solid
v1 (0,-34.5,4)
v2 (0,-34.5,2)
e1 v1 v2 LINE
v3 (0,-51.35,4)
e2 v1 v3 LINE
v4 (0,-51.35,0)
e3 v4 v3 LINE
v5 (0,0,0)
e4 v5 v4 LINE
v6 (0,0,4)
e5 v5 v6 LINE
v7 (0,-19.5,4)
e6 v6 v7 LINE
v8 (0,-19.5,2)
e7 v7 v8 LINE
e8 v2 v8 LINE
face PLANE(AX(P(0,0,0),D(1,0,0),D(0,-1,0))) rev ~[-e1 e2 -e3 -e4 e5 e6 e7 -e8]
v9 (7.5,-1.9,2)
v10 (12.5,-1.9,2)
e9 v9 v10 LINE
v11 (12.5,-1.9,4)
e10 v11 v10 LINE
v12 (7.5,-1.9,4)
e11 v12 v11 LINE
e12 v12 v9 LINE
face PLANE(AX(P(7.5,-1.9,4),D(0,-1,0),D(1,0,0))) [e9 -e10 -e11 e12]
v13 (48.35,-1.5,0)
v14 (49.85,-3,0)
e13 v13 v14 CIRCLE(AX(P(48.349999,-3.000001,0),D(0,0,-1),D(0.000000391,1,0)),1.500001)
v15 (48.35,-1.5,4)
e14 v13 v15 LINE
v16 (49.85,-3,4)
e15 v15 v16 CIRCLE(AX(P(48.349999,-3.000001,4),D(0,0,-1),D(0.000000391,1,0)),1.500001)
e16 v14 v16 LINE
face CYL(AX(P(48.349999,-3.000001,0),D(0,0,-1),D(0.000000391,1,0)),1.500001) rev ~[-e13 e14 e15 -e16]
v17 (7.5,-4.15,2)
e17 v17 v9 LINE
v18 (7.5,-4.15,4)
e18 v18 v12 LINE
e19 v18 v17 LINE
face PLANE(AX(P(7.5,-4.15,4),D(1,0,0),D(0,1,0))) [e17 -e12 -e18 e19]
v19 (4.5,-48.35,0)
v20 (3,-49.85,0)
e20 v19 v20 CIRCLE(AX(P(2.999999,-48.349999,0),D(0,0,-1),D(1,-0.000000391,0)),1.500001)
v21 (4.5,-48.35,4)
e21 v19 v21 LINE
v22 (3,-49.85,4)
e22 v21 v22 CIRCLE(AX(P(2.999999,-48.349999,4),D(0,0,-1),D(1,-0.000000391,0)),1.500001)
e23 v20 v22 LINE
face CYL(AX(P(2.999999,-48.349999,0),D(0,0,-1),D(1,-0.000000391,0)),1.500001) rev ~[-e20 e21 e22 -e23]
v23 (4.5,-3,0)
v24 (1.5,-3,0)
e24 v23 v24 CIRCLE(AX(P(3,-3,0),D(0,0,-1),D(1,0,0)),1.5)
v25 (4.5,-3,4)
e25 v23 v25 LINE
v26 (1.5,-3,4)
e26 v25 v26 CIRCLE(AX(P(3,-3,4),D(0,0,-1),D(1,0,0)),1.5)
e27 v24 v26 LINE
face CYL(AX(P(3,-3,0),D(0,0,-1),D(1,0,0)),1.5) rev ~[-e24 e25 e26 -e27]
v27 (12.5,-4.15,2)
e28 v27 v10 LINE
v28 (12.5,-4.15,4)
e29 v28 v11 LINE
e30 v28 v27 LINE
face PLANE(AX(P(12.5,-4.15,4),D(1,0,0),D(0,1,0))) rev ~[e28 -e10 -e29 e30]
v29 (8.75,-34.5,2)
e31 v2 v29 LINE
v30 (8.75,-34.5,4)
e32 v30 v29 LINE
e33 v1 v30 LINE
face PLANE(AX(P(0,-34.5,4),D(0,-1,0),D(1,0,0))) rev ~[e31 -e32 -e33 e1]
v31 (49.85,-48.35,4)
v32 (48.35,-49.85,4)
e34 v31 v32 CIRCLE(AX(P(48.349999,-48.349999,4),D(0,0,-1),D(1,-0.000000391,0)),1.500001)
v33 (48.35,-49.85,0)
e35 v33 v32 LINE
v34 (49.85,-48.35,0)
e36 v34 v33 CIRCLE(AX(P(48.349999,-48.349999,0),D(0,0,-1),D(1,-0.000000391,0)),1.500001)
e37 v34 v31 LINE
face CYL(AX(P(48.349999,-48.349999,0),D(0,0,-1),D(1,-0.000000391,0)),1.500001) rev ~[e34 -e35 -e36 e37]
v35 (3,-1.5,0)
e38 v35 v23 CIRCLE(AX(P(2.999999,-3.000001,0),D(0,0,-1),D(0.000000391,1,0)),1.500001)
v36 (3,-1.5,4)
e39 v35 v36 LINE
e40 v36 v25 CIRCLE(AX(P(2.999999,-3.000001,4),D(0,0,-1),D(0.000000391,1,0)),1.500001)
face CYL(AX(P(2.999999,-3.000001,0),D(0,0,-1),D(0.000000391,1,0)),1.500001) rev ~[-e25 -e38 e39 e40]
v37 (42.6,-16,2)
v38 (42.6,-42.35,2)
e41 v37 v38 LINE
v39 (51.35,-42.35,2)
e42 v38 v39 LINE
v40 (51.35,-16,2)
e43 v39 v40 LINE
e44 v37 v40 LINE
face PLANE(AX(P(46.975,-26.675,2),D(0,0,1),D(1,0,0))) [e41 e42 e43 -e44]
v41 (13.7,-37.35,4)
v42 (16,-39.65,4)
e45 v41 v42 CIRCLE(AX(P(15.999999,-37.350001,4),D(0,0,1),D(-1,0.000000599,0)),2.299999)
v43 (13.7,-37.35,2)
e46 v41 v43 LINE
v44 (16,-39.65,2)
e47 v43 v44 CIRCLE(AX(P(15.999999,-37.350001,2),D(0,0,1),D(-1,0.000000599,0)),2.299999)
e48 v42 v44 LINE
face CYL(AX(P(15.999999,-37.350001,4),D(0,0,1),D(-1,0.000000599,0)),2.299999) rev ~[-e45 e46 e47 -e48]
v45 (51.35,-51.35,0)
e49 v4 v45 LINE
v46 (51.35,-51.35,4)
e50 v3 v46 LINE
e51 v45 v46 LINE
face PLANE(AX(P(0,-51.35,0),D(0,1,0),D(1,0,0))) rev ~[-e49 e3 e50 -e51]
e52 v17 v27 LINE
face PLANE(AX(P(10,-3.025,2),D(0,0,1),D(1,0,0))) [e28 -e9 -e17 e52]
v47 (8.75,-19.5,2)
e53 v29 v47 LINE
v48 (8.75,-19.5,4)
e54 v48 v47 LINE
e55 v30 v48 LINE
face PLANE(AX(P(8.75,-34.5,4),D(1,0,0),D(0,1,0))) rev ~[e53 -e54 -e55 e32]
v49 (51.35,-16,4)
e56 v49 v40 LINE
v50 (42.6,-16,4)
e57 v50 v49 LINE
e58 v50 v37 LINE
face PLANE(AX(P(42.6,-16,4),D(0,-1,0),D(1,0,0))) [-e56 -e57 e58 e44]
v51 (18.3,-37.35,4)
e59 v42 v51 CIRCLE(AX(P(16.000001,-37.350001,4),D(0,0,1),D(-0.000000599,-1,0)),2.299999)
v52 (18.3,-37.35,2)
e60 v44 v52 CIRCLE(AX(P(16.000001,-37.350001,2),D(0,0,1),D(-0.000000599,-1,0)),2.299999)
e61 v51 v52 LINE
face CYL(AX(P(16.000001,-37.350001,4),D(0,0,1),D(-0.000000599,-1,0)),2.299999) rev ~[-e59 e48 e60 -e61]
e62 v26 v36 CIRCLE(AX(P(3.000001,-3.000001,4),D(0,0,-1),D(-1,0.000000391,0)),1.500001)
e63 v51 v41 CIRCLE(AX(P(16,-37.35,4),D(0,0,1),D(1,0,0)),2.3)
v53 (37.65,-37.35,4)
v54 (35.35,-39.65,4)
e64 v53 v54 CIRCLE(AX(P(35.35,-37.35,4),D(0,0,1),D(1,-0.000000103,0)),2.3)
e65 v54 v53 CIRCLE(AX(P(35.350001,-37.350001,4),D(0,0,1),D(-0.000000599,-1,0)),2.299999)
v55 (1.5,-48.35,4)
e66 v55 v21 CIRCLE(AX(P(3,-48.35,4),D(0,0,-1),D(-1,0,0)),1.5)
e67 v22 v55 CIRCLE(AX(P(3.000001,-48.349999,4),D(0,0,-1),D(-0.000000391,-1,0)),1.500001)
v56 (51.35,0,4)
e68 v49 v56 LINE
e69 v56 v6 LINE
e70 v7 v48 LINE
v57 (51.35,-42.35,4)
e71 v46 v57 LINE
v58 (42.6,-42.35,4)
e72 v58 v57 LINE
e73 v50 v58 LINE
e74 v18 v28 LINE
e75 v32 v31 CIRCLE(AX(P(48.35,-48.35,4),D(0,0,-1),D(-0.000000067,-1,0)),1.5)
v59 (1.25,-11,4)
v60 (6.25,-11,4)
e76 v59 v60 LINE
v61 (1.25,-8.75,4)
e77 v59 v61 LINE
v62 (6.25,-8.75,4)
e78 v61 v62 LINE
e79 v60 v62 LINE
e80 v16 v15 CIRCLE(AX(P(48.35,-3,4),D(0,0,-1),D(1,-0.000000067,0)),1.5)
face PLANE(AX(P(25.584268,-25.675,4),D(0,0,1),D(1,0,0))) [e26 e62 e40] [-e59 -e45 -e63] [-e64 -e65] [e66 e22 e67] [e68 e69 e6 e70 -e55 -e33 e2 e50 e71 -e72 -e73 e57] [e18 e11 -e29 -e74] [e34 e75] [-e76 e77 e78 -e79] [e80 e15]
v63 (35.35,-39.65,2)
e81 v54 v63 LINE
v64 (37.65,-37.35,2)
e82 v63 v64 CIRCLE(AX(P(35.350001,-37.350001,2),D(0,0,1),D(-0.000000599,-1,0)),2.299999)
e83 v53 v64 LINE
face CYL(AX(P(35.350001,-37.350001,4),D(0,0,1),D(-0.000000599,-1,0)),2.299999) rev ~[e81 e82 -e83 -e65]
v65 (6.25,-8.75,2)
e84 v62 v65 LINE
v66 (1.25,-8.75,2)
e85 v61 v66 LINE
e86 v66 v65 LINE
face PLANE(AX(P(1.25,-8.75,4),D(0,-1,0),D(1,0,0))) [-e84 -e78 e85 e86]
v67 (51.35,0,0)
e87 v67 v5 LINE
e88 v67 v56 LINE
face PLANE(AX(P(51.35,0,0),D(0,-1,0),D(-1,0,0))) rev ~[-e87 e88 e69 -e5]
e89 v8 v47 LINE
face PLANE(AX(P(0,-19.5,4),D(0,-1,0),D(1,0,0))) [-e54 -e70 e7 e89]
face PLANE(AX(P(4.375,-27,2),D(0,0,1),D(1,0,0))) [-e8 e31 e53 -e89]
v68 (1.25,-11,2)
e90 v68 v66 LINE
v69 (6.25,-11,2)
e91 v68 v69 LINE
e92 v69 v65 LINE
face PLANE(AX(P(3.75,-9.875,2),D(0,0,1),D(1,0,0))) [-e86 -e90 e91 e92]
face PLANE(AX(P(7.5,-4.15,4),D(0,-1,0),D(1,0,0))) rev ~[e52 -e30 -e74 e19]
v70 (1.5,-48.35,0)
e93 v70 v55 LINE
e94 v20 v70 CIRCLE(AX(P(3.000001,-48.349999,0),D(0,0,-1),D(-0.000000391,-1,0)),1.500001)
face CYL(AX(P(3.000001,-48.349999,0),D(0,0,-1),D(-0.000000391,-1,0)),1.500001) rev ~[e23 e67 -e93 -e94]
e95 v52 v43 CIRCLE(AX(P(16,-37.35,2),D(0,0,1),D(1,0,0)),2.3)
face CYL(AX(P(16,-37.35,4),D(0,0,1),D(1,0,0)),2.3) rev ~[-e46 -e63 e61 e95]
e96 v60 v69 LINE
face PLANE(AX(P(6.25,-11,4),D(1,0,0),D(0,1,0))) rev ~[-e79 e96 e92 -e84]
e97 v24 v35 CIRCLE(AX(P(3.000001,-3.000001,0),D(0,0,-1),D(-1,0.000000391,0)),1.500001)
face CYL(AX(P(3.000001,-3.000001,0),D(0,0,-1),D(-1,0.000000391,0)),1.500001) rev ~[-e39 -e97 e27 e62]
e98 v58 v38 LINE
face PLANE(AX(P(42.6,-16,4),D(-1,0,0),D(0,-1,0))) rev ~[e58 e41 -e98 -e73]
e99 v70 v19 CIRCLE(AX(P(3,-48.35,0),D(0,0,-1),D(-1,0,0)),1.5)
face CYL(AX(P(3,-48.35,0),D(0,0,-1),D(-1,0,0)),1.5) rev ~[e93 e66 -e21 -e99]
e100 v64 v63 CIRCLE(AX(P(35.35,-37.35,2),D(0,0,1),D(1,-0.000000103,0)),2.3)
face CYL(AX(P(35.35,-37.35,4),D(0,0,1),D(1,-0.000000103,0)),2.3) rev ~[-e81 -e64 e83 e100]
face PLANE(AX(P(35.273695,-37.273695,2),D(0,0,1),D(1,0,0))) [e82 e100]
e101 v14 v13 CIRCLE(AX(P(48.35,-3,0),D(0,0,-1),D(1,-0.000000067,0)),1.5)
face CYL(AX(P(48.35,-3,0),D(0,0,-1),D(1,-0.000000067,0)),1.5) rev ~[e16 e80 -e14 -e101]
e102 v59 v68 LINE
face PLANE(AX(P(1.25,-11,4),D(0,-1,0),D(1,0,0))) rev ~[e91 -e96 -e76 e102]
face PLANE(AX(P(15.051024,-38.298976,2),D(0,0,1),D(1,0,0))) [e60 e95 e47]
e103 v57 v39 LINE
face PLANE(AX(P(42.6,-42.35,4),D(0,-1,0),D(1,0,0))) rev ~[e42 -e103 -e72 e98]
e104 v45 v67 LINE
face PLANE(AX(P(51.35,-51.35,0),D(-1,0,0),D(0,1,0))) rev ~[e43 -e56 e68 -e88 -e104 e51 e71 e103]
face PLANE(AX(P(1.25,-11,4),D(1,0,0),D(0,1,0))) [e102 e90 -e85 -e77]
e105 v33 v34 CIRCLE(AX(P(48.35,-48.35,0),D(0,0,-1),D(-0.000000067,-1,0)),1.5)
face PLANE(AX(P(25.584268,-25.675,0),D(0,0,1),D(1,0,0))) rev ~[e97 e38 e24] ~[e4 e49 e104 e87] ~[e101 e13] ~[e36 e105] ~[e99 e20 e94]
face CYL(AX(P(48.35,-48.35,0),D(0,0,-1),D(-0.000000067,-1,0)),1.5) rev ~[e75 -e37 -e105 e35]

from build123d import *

# Parameters (mm, degrees)
F1_DEPTH = 4
F2_W     = 5
F2_H     = 2.25
F2_W_2   = 8.75
F2_H_2   = 15
F2_H_3   = 21.35
F2_H_4   = 5
F3_DEPTH = 2


with BuildPart() as f1:
    # F0 (on Top) → F1 (new body)
    with BuildSketch(Plane.XY):
        with BuildLine():
            Line((48.35, 0), (3, 0))
            Line((3, 0), (3, -1.5))
            ThreePointArc((3, -1.5), (4.06066, -1.93934), (4.5, -3))
            ThreePointArc((4.5, -3), (3, -4.5), (1.5, -3))
            Line((1.5, -3), (0, -3))
            Line((0, -3), (0, -48.35))
            Line((0, -48.35), (1.5, -48.35))
            ThreePointArc((1.5, -48.35), (3, -46.85), (4.5, -48.35))
            ThreePointArc((4.5, -48.35), (4.06066, -49.41066), (3, -49.85))
            Line((3, -49.85), (3, -51.35))
            Line((3, -51.35), (48.35, -51.35))
            Line((48.35, -51.35), (48.35, -49.85))
            ThreePointArc((48.35, -49.85), (47.28934, -47.28934), (49.85, -48.35))
            Line((49.85, -48.35), (51.35, -48.35))
            Line((51.35, -48.35), (51.35, -3))
            Line((51.35, -3), (49.85, -3))
            ThreePointArc((49.85, -3), (47.28934, -4.06066), (48.35, -1.5))
            Line((48.35, -1.5), (48.35, 0))
        make_face()
        with BuildLine():
            Line((1.5, -48.35), (0, -48.35))
            Line((0, -48.35), (0, -51.35))
            Line((0, -51.35), (3, -51.35))
            Line((3, -51.35), (3, -49.85))
            ThreePointArc((3, -49.85), (1.93934, -49.41066), (1.5, -48.35))
        make_face()
        with BuildLine():
            Line((51.35, -51.35), (51.35, -48.35))
            Line((51.35, -48.35), (49.85, -48.35))
            ThreePointArc((49.85, -48.35), (49.41066, -49.41066), (48.35, -49.85))
            Line((48.35, -49.85), (48.35, -51.35))
            Line((48.35, -51.35), (51.35, -51.35))
        make_face()
        with BuildLine():
            Line((51.35, 0), (48.35, 0))
            Line((48.35, 0), (48.35, -1.5))
            ThreePointArc((48.35, -1.5), (49.41066, -1.93934), (49.85, -3))
            Line((49.85, -3), (51.35, -3))
            Line((51.35, -3), (51.35, 0))
        make_face()
        with BuildLine():
            Line((3, 0), (0, 0))
            Line((0, 0), (0, -3))
            Line((0, -3), (1.5, -3))
            ThreePointArc((1.5, -3), (1.93934, -1.93934), (3, -1.5))
            Line((3, -1.5), (3, 0))
        make_face()
    extrude(amount=F1_DEPTH)

    # F2 (on face) → F3 (cut)
    with BuildSketch(Plane.XY.offset(4)):
        with Locations((3.75, -9.875)):
            Rectangle(F2_W, F2_H)
        with Locations((4.375, -27)):
            Rectangle(F2_W_2, F2_H_2)
        with BuildLine():
            Line((16, -37.35), (13.7, -37.35))
            ThreePointArc((13.7, -37.35), (14.373654, -38.976346), (16, -39.65))
            Line((16, -39.65), (16, -37.35))
        make_face()
        with BuildLine():
            ThreePointArc((18.3, -37.35), (16, -35.05), (13.7, -37.35))
            Line((13.7, -37.35), (16, -37.35))
            Line((16, -37.35), (16, -39.65))
            ThreePointArc((16, -39.65), (17.626346, -38.976346), (18.3, -37.35))
        make_face()
        with BuildLine():
            ThreePointArc((37.65, -37.35), (33.723654, -35.723654), (35.35, -39.65))
            Line((35.35, -39.65), (35.35, -37.35))
            Line((35.35, -37.35), (37.65, -37.35))
        make_face()
        with BuildLine():
            Line((35.35, -37.35), (35.35, -39.65))
            ThreePointArc((35.35, -39.65), (36.976346, -38.976346), (37.65, -37.35))
            Line((37.65, -37.35), (35.35, -37.35))
        make_face()
        with Locations((46.975, -26.675)):
            Rectangle(F2_W_2, F2_H_3)
        with Locations((46.975, -39.85)):
            Rectangle(F2_W_2, F2_H_4)
        with Locations((10, -3.025)):
            Rectangle(F2_W, F2_H)
    extrude(amount=-F3_DEPTH, mode=Mode.SUBTRACT)


solid = f1.part
